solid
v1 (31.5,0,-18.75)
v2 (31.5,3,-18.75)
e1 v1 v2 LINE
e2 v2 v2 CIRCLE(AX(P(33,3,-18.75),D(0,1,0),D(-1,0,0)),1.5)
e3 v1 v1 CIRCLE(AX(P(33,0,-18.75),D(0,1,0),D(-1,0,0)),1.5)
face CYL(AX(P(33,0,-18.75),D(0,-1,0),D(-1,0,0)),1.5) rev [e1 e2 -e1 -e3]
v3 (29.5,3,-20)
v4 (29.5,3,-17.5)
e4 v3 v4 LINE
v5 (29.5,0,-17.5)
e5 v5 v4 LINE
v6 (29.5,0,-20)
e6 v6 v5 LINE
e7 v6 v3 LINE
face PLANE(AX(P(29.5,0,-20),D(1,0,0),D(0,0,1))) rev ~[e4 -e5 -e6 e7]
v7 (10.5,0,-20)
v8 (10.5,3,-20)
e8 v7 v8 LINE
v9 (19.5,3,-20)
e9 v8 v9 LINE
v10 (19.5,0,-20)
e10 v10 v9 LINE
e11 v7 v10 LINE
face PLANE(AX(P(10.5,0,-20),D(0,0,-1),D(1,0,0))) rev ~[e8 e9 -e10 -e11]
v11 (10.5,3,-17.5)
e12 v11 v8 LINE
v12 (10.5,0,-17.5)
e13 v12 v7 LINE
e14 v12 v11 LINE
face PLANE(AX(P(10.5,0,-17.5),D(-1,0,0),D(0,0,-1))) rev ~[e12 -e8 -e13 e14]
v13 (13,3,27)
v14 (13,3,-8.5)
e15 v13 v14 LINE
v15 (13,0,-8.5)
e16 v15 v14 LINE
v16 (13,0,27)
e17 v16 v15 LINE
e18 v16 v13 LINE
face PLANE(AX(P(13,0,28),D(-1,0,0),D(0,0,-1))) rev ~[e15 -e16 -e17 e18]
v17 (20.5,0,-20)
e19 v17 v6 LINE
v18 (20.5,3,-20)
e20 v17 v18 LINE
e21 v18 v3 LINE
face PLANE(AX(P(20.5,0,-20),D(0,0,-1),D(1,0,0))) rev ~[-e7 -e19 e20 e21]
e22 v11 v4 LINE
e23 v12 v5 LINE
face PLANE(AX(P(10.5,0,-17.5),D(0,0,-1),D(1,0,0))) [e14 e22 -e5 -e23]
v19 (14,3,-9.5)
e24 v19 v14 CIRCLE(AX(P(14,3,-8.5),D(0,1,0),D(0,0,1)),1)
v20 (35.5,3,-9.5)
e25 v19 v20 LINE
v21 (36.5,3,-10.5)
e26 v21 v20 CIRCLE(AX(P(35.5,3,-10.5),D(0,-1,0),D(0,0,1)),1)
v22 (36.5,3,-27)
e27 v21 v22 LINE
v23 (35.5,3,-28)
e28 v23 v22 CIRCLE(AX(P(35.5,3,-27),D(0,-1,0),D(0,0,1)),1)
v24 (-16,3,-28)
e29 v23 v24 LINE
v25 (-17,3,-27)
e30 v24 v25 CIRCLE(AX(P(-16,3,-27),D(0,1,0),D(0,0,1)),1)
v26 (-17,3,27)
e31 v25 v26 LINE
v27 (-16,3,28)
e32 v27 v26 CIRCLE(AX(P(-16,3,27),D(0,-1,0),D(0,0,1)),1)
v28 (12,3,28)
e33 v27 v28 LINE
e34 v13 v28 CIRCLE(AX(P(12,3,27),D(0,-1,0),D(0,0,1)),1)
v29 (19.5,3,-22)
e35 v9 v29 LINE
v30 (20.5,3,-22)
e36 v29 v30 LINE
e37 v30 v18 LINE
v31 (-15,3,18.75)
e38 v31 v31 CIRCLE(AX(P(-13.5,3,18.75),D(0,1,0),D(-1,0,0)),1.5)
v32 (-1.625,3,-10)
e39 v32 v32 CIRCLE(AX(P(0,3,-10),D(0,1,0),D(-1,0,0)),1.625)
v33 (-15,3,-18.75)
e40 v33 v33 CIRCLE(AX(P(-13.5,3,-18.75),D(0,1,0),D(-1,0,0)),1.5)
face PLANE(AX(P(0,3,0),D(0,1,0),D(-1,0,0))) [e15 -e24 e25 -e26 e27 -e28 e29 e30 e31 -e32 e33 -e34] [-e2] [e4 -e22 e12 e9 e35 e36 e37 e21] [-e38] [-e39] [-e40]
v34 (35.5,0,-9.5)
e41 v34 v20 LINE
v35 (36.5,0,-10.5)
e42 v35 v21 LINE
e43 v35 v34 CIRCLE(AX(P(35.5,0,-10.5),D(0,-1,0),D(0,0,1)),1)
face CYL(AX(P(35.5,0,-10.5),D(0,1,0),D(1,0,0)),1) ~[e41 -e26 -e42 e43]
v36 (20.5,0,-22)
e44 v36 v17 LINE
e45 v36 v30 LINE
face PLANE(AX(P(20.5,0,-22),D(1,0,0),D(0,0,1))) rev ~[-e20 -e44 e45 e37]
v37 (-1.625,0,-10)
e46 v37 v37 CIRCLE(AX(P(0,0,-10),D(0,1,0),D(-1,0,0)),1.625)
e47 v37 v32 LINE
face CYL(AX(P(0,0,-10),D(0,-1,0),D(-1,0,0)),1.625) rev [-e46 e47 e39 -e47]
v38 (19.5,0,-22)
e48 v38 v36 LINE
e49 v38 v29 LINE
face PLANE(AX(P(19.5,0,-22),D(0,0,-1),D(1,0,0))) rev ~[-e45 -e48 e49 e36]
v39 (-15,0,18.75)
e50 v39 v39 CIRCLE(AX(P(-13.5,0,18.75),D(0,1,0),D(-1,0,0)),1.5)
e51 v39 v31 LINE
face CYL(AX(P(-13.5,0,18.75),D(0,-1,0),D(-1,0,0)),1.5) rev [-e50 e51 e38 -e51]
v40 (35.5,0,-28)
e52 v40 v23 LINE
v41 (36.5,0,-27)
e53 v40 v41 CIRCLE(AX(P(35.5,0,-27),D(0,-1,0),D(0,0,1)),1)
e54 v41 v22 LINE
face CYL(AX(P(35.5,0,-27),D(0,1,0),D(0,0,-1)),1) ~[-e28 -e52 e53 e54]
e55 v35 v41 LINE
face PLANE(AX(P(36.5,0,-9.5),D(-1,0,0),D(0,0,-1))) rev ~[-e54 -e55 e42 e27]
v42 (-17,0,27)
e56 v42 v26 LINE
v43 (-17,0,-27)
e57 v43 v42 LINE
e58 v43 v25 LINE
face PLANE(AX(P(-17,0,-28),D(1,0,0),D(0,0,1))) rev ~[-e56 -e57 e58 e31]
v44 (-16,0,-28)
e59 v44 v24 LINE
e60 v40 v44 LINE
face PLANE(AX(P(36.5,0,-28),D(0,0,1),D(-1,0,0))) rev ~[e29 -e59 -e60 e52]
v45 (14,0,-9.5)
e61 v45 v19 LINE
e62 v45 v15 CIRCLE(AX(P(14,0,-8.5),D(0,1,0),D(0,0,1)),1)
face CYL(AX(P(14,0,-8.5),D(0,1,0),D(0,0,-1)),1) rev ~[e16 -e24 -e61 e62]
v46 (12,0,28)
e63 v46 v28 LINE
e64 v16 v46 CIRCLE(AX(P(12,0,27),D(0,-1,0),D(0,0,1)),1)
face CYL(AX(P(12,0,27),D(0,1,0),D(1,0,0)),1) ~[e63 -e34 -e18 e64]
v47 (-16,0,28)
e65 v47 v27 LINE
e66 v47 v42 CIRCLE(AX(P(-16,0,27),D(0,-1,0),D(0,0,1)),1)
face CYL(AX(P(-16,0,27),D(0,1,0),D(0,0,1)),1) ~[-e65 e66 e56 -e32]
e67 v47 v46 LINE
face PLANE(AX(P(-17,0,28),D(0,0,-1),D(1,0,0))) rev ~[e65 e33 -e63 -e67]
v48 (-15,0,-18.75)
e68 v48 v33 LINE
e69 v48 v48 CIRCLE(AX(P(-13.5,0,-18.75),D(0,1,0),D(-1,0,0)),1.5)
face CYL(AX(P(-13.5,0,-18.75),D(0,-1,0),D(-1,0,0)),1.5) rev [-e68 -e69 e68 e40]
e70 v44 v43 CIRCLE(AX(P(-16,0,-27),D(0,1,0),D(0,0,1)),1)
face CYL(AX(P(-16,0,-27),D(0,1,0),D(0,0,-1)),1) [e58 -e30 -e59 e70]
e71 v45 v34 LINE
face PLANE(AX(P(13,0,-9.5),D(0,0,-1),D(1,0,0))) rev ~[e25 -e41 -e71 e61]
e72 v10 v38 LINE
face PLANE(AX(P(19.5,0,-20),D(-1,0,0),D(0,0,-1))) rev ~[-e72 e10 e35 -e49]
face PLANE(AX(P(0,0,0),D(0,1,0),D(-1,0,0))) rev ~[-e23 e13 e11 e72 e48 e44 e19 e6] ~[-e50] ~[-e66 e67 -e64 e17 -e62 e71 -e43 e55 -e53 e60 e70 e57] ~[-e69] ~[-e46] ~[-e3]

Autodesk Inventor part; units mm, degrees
ref_plane "YZ Plane" through (0, 0, 0) normal (1, 0, 0) x (0, 1, 0)
ref_plane "XZ Plane" through (0, 0, 0) normal (0, 1, 0) x (-1, 0, 0)
ref_plane "XY Plane" through (0, 0, 0) normal (0, 0, 1) x (1, 0, 0)
sketch "Sketch1" plane through (0, 0, 0) normal (0, 1, 0) x (-1, 0, 0)
  line L0 (46, 0) -> (-35, 0) construction
  line L1 (0, 54) -> (0, -60) construction
  line L2 (10, 20) -> (-10, 20) construction
  line L3 (-10, 20) -> (-10, -20) construction
  line L4 (-10, -20) -> (10, -20) construction
  line L5 (10, -20) -> (10, 20) construction
  line L6 (17, -28) -> (17, 28)
  line L7 (17, 28) -> (-13, 28)
  line L8 (-13, 28) -> (-13, -9.5)
  line L9 (-13, -9.5) -> (-36.5, -9.5)
  line L10 (-36.5, -9.5) -> (-36.5, -28)
  line L11 (-36.5, -28) -> (17, -28)
  line L12 (-29.5, -20) -> (-29.5, -17.5)
  line L13 (-10.5, -17.5) -> (-10.5, -20)
  line L14 (14.6784, 24.25) -> (-18, 24.25) construction
  circle A0 centre (13.5, -18.75) radius 1.5
  circle A1 centre (13.5, 18.75) radius 1.5
  circle A2 centre (-33, -18.75) radius 1.5
  line L15 (-20, 4) -> (-20, -26.5) construction
  line L16 (-10.5, -20) -> (-19.5, -20)
  line L17 (-19.5, -20) -> (-19.5, -22)
  line L18 (-19.5, -22) -> (-20.5, -22)
  line L19 (-20.5, -22) -> (-20.5, -20)
  line L20 (-20.5, -20) -> (-29.5, -20)
  line L21 (-10.5, -17.5) -> (-29.5, -17.5)
  circle A3 centre (0, -10) radius 1.625
  point P0 (0, 0)
  point P1 (-20.5, -17.5)
  dimension "d0" = 40
  dimension "d1" = 20
  dimension "d2" = 7
  dimension "d3" = 8
  dimension "d4" = 8
  dimension "d5" = 3
  dimension "d6" = 20
  dimension "d7" = 10
  dimension "d8" = 19
  dimension "d9" = 2.5
  dimension "d10" = 0.5
  dimension "d15" = 4.25
  dimension "d16" = 3
  dimension "d17" = 9.25
  dimension "d19" = 18.5
  dimension "d20" = 7
  dimension "d21" = 3
  dimension "d23" = 9.25
  dimension "d29" = 3.5
  dimension "d30" = 3.5
  dimension "d31" = 2
  dimension "d32" = 1
  dimension "d33" = 3.25
  dimension "d34" = 10
extrude "Extrusion3" add sketch "Sketch1" along normal blind 3
fillet "Fillet2" radius 1 6 edges at (13, 1.5, 28) (-17, 1.5, 28) (13, 1.5, -9.5) (36.5, 1.5, -9.5) (36.5, 1.5, -28) (-17, 1.5, -28)
properties part number "BracketCoxaClosing2"
